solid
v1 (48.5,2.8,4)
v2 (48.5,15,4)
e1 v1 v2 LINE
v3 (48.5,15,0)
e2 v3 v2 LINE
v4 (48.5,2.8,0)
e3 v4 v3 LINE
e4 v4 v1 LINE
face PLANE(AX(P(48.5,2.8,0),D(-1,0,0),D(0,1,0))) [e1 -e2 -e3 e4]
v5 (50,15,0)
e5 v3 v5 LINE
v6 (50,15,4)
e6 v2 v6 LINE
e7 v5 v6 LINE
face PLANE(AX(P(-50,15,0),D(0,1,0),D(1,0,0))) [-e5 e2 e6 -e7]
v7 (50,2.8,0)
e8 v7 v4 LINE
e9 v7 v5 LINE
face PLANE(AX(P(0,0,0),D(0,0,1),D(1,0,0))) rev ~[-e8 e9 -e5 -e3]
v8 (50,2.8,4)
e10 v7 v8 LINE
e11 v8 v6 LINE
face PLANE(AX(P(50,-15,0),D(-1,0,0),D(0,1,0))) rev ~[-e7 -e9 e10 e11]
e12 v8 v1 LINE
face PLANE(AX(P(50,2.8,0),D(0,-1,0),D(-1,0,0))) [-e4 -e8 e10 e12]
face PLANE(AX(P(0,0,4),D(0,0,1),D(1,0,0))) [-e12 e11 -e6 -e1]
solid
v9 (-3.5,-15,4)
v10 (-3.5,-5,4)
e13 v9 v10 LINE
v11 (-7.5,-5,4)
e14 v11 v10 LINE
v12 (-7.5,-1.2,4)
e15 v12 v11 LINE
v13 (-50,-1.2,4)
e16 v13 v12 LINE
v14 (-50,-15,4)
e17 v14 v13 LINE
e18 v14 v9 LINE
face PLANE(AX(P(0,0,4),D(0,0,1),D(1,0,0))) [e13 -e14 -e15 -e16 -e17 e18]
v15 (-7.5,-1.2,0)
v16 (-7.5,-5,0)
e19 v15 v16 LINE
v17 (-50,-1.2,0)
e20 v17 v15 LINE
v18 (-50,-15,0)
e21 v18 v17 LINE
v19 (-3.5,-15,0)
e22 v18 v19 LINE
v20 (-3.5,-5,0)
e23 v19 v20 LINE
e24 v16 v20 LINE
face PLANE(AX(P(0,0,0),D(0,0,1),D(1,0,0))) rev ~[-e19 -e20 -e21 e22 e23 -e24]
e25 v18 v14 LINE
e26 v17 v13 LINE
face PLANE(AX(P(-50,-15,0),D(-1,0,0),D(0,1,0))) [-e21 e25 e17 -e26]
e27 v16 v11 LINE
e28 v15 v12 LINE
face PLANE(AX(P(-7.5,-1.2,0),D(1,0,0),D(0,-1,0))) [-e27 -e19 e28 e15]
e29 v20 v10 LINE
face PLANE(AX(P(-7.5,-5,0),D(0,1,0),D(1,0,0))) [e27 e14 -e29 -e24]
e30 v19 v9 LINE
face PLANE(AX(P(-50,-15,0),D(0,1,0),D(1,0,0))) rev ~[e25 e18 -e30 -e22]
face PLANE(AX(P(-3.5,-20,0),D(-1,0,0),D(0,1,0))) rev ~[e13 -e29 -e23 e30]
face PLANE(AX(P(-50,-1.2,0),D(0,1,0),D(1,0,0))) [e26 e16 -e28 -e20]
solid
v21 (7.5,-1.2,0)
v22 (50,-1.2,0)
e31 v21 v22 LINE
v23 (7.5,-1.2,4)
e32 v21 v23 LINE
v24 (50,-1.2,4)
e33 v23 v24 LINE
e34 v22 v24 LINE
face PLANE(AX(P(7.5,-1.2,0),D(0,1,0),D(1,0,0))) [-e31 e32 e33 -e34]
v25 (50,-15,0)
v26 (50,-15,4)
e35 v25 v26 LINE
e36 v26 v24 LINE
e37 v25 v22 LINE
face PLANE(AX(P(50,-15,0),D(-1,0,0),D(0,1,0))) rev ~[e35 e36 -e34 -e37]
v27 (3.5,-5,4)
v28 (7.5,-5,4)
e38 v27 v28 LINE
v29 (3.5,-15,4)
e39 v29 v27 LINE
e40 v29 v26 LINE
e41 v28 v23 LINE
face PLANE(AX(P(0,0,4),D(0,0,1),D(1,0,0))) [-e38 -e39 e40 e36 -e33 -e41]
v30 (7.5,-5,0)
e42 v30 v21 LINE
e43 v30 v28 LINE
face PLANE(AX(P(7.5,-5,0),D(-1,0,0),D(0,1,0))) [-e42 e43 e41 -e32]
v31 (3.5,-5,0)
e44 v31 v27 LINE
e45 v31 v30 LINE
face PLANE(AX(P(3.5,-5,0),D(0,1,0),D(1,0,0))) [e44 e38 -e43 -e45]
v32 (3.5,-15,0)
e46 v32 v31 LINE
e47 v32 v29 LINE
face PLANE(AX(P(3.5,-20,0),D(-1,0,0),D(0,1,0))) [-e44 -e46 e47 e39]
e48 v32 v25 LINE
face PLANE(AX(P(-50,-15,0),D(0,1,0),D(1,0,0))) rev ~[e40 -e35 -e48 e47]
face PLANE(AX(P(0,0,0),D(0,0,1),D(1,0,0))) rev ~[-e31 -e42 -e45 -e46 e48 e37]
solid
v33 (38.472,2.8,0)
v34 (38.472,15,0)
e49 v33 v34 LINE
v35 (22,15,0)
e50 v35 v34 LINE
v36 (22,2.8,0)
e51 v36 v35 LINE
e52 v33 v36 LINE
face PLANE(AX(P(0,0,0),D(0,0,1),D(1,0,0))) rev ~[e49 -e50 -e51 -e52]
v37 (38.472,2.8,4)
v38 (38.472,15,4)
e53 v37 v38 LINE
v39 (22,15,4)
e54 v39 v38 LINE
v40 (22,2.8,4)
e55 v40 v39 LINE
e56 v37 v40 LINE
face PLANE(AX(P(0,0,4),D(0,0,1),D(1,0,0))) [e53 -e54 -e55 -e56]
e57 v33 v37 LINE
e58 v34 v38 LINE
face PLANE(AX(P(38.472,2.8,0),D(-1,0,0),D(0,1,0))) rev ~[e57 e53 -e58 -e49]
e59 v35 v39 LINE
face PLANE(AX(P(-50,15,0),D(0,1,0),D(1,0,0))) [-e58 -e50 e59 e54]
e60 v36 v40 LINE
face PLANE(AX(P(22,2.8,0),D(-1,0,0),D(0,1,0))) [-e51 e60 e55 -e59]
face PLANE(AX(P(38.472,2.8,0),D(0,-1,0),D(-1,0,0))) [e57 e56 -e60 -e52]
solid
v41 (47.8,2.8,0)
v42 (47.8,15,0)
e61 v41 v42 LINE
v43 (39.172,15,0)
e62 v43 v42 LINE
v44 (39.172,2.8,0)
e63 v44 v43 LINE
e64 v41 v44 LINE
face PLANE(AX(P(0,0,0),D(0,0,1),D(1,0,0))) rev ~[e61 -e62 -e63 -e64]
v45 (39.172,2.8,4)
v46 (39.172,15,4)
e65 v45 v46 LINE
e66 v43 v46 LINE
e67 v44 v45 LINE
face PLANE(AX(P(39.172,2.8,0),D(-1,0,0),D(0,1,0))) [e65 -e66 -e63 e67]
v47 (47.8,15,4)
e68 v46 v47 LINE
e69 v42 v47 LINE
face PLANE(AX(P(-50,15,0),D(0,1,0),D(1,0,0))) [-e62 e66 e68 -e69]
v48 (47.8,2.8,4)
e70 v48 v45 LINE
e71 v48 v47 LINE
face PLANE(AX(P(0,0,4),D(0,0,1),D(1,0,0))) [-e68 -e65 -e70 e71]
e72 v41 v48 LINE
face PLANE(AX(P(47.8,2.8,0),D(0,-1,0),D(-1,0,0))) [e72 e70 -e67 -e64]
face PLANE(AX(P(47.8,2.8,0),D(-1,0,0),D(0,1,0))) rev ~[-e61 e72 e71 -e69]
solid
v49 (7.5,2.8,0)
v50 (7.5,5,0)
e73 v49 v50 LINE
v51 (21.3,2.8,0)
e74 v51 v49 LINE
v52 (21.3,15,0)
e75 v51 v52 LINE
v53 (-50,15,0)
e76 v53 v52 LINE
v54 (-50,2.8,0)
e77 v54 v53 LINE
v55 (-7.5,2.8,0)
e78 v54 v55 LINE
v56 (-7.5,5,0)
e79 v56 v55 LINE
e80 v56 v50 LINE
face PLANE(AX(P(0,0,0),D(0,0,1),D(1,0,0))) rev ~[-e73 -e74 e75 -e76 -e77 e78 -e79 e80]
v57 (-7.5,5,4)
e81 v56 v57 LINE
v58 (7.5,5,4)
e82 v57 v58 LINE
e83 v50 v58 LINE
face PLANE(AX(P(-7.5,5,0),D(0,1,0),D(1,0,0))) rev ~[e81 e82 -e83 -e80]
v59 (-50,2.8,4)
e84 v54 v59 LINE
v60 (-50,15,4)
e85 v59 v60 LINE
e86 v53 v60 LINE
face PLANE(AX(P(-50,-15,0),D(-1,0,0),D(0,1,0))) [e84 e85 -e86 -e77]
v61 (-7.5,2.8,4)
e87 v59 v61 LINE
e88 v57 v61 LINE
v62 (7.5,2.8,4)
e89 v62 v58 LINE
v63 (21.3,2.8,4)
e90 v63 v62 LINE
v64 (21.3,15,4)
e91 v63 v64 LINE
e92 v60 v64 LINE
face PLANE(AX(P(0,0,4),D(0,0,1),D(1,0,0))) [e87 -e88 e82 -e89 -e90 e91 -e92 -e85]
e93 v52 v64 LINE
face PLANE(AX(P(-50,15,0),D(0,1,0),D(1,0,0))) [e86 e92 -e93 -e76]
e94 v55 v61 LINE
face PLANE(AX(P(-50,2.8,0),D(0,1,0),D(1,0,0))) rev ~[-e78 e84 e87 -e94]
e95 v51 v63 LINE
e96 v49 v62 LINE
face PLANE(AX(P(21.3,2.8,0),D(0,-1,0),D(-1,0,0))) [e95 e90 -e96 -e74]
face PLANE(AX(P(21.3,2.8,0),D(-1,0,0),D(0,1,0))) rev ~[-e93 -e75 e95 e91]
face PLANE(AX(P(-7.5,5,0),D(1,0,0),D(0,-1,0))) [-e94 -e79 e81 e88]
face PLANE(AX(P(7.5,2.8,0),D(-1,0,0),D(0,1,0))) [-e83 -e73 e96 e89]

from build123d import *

# Parameters (mm, degrees)
F0_W     = 100
F0_H     = 30
F2_DEPTH = 4
F1_W     = 7
F1_H     = 15
F1_W_2   = 15
F1_H_2   = 4
F1_H_3   = 2.2
F1_W_3   = 42.5
F1_W_4   = 0.7
F1_H_4   = 28.988546592
F1_H_5   = 35.6163074195
F1_H_6   = 22.5041628748
F3_DEPTH = 4


with BuildPart() as f2:
    # F0 (on Top) → F2 (new body)
    with BuildSketch(Plane.XY):
        Rectangle(F0_W, F0_H)
    extrude(amount=F2_DEPTH)

    # F1 (on Top) → F3 (cut)
    with BuildSketch(Plane.XY):
        Polygon((3.5, -5), (7.5, -5), (7.5, -1.2), (-7.5, -1.2), (-7.5, -5), (-3.5, -5), align=None)
        with Locations((0, -12.5)):
            Rectangle(F1_W, F1_H)
        with Locations((0, 0.8)):
            Rectangle(F1_W_2, F1_H_2)
        Polygon((7.5, 2.8), (7.5, -1.2), (50, -1.2), (50, 2.8), (48.5, 2.8), (47.8, 2.8), (39.172, 2.8), (38.472, 2.8), (22, 2.8), (21.3, 2.8), align=None)
        with Locations((0, 3.9)):
            Rectangle(F1_W_2, F1_H_3)
        with Locations((-28.75, 0.8)):
            Rectangle(F1_W_3, F1_H_2)
        with Locations((21.65, 17.294273296)):
            Rectangle(F1_W_4, F1_H_4)
        with Locations((48.15, 20.6081537098)):
            Rectangle(F1_W_4, F1_H_5)
        with Locations((38.822, 14.0520814374)):
            Rectangle(F1_W_4, F1_H_6)
    extrude(amount=F3_DEPTH, mode=Mode.SUBTRACT)


solid = f2.part
